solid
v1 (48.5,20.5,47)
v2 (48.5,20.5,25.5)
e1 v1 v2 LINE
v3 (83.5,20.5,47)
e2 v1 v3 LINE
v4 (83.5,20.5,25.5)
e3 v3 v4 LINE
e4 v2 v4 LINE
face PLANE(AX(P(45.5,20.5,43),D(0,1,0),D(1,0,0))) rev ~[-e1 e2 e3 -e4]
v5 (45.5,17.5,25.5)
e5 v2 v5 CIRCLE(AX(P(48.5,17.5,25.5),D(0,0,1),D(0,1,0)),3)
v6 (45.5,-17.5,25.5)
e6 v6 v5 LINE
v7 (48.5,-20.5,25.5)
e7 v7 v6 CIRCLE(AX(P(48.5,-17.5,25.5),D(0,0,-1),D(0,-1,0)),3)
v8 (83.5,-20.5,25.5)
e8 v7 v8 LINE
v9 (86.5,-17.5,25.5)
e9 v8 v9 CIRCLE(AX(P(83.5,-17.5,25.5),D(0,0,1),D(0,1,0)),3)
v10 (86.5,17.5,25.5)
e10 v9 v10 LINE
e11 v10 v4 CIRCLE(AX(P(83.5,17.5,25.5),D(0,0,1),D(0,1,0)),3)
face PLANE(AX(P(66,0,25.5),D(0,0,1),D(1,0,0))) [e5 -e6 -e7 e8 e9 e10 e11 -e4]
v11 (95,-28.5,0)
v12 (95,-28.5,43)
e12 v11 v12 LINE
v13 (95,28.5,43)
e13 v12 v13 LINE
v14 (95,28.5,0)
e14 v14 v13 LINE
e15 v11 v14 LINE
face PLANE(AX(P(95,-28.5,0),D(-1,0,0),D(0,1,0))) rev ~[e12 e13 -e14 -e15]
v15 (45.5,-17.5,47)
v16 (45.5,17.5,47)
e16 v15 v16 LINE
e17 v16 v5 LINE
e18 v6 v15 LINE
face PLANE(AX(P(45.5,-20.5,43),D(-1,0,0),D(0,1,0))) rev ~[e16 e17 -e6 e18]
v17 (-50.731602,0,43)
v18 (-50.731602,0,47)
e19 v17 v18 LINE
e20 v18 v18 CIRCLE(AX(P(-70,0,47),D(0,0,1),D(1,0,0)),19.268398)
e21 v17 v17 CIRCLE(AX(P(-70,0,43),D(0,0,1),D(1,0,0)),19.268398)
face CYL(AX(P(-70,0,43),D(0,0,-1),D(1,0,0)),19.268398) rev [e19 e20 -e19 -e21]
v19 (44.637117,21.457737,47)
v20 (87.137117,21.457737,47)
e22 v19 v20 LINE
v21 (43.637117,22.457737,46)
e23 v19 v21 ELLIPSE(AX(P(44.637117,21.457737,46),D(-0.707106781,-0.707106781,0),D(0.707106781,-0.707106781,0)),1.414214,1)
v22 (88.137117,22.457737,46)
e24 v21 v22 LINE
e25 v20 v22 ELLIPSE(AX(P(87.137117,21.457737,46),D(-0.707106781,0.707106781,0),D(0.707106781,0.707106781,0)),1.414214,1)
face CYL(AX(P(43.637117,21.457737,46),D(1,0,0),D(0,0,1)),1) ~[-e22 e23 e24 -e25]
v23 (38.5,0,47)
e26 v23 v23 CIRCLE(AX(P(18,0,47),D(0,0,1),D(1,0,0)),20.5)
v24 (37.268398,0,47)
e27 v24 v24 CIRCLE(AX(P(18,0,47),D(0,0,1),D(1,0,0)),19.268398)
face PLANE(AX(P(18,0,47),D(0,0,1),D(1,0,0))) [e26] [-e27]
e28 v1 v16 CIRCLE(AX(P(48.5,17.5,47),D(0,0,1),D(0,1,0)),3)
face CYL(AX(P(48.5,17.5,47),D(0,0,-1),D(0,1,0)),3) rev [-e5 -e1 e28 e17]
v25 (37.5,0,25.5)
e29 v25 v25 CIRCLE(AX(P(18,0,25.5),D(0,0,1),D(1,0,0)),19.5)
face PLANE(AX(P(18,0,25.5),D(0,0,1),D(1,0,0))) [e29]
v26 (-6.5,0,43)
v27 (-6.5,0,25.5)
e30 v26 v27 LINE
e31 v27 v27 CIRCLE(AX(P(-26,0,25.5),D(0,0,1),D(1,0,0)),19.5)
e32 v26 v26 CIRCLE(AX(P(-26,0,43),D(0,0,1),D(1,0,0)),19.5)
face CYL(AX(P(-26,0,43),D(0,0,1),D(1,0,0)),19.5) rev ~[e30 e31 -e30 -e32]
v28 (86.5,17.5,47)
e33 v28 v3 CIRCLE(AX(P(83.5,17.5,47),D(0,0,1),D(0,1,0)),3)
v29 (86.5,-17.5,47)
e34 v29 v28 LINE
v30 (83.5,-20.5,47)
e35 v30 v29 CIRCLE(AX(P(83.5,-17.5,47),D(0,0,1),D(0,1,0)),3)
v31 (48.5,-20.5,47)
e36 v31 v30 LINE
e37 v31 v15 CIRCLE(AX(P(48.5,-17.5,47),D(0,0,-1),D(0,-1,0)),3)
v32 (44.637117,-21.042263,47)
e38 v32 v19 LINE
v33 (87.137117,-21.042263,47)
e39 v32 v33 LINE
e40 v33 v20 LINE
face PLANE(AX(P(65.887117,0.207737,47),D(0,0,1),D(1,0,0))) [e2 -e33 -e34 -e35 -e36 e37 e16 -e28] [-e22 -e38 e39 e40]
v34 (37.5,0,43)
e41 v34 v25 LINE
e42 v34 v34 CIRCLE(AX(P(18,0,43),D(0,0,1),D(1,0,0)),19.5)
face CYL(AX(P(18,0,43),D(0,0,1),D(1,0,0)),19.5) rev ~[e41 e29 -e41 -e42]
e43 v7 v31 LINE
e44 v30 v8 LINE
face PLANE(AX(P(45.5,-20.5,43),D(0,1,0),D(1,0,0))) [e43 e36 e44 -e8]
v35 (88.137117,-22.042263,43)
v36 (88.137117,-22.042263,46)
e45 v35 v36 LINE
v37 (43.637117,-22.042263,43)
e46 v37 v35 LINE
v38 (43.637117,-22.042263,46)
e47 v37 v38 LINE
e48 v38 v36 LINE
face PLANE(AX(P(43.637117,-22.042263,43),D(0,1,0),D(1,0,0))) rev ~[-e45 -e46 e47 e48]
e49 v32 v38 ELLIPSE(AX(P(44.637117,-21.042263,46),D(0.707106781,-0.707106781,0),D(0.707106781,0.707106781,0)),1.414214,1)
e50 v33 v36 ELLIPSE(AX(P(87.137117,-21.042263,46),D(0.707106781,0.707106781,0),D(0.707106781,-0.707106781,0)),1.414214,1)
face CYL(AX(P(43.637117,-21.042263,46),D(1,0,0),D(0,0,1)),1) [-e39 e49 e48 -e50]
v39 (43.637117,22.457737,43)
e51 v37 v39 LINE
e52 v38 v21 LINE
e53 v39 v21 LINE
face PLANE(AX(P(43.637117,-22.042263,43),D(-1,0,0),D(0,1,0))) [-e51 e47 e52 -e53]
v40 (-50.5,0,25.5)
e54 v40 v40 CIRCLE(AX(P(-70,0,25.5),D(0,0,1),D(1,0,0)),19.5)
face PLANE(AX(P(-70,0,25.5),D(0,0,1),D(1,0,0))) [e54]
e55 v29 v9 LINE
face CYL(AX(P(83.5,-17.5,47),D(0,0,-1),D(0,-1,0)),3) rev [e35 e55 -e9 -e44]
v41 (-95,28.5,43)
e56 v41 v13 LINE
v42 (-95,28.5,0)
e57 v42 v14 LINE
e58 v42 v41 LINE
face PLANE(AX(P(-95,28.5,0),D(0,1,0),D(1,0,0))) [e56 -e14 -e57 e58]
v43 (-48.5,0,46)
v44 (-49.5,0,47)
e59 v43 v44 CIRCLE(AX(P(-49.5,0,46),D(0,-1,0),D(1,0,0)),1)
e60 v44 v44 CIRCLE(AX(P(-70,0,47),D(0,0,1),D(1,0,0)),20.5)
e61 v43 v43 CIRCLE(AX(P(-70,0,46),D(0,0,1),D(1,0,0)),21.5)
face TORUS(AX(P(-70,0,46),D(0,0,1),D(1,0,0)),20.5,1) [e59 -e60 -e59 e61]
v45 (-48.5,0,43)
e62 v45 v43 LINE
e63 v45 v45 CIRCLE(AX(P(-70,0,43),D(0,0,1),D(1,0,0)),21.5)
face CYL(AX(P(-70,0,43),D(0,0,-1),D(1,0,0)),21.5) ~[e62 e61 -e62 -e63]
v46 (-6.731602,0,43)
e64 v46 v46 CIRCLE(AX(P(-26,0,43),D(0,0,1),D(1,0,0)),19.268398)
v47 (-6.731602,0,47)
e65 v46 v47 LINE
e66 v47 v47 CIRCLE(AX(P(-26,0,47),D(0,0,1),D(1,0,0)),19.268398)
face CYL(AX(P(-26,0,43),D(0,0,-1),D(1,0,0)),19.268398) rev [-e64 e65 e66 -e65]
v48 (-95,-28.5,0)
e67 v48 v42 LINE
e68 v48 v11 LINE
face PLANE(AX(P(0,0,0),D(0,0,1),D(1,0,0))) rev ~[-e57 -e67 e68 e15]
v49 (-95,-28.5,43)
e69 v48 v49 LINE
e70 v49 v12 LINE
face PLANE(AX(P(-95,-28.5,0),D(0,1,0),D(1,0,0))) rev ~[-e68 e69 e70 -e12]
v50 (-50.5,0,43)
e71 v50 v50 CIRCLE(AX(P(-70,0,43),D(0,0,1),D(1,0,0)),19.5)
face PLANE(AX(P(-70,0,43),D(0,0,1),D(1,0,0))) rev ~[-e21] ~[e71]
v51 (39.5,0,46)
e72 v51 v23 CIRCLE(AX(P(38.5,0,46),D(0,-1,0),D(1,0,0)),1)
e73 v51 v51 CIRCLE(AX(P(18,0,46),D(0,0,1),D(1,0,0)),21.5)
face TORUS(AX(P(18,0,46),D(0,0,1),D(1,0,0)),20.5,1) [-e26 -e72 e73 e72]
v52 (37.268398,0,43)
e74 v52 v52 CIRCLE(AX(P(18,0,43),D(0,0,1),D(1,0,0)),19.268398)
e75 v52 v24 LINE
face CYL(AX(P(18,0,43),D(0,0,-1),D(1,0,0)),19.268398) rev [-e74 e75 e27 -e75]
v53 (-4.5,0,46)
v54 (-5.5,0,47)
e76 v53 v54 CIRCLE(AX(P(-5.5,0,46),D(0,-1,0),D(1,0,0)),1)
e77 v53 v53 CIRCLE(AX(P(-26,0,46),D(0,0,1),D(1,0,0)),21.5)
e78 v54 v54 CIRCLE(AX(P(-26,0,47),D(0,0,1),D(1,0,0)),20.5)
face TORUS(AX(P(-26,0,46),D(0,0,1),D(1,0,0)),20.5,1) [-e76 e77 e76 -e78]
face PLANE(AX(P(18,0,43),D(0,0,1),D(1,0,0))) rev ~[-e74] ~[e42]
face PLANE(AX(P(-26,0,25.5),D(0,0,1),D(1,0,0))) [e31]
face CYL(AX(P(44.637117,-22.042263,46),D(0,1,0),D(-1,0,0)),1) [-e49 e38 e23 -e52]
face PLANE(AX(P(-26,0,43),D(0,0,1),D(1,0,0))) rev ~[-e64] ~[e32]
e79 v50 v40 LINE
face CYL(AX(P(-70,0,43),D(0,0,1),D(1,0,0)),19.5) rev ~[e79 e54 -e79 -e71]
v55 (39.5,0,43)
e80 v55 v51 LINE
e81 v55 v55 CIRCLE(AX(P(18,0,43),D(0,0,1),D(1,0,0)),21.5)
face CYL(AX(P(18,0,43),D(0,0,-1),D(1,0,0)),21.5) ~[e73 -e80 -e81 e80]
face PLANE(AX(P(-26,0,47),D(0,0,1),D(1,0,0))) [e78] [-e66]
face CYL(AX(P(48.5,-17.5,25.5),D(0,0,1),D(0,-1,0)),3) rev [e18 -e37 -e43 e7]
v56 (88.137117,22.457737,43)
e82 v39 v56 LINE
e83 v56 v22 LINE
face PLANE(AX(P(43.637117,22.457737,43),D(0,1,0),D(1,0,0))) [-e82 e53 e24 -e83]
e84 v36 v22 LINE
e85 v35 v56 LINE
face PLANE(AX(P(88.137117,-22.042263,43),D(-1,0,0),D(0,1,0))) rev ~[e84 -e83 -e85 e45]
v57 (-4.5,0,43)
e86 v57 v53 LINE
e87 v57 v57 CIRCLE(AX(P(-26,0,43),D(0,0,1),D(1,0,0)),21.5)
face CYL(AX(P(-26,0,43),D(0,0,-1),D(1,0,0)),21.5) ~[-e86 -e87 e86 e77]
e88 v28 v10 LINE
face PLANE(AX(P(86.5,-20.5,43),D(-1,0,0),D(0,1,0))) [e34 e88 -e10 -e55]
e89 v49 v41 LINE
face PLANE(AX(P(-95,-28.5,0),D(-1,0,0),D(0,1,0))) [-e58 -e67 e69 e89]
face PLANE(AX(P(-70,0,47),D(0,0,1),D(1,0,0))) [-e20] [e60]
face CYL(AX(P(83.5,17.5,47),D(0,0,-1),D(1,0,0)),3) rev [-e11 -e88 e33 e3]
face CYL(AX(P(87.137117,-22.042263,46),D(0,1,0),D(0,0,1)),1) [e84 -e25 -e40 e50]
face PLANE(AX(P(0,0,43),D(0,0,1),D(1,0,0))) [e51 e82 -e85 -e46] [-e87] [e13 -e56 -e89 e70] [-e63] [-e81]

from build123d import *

# Parameters (mm, degrees)
SKETCH_W      = 190
SKETCH_H      = 57
PAD_DEPTH     = 43
SKETCH001_R   = 19.5
SKETCH001_W   = 41
SKETCH001_H   = 41
POCKET_DEPTH  = 17.5
SKETCH002_R   = 21.5
SKETCH002_R_2 = 19.268398
SKETCH002_W   = 44.5
SKETCH002_H   = 44.5
SKETCH002_W_2 = 41
SKETCH002_H_2 = 41
PAD001_DEPTH  = 4
FILLET_R      = 1
FILLET001_R   = 3


with BuildPart() as part:
    # Sketch → Pad (new body)
    with BuildSketch(Plane.XY):
        Rectangle(SKETCH_W, SKETCH_H)
    extrude(amount=PAD_DEPTH)

    # Sketch001 (on Face6 of Pad) → Pocket (cut)
    with BuildSketch(Plane.XY.offset(43)):
        with Locations((-70, 0)):
            Circle(SKETCH001_R)
        with Locations((-26, 0)):
            Circle(SKETCH001_R)
        with Locations((18, 0)):
            Circle(SKETCH001_R)
        with Locations((66, 0)):
            Rectangle(SKETCH001_W, SKETCH001_H)
    extrude(amount=-POCKET_DEPTH, mode=Mode.SUBTRACT)

    # Sketch002 (on Face5 of Pocket) → Pad001 (join)
    with BuildSketch(Plane.XY.offset(43)):
        with Locations((-70, 0)):
            Circle(SKETCH002_R)
        with Locations((-70, 0)):
            Circle(SKETCH002_R_2, mode=Mode.SUBTRACT)
        with Locations((-26, 0)):
            Circle(SKETCH002_R)
        with Locations((-26, 0)):
            Circle(SKETCH002_R_2, mode=Mode.SUBTRACT)
        with Locations((18, 0)):
            Circle(SKETCH002_R)
        with Locations((18, 0)):
            Circle(SKETCH002_R_2, mode=Mode.SUBTRACT)
        with Locations((65.887117, 0.207737)):
            Rectangle(SKETCH002_W, SKETCH002_H)
        with Locations((66, 0)):
            Rectangle(SKETCH002_W_2, SKETCH002_H_2, mode=Mode.SUBTRACT)
    extrude(amount=PAD001_DEPTH)

    # Fillet
    fillet_edges = [part.edges().sort_by_distance(p)[0] for p in [
        (-91.5, 0, 47),
        (-47.5, 0, 47),
        (-3.5, 0, 47),
        (65.887117, -22.042263, 47),
        (88.137117, 0.207737, 47),
        (65.887117, 22.457737, 47),
        (43.637117, 0.207737, 47),
    ]]
    fillet(fillet_edges, radius=FILLET_R)

    # Fillet001
    fillet001_edges = [part.edges().sort_by_distance(p)[0] for p in [
        (45.5, -20.5, 34.25),
        (45.5, -20.5, 45),
        (45.5, 20.5, 34.25),
        (45.5, 20.5, 45),
        (86.5, 20.5, 34.25),
        (86.5, -20.5, 34.25),
        (86.5, -20.5, 45),
        (86.5, 20.5, 45),
    ]]
    fillet(fillet001_edges, radius=FILLET001_R)


solid = part.part
